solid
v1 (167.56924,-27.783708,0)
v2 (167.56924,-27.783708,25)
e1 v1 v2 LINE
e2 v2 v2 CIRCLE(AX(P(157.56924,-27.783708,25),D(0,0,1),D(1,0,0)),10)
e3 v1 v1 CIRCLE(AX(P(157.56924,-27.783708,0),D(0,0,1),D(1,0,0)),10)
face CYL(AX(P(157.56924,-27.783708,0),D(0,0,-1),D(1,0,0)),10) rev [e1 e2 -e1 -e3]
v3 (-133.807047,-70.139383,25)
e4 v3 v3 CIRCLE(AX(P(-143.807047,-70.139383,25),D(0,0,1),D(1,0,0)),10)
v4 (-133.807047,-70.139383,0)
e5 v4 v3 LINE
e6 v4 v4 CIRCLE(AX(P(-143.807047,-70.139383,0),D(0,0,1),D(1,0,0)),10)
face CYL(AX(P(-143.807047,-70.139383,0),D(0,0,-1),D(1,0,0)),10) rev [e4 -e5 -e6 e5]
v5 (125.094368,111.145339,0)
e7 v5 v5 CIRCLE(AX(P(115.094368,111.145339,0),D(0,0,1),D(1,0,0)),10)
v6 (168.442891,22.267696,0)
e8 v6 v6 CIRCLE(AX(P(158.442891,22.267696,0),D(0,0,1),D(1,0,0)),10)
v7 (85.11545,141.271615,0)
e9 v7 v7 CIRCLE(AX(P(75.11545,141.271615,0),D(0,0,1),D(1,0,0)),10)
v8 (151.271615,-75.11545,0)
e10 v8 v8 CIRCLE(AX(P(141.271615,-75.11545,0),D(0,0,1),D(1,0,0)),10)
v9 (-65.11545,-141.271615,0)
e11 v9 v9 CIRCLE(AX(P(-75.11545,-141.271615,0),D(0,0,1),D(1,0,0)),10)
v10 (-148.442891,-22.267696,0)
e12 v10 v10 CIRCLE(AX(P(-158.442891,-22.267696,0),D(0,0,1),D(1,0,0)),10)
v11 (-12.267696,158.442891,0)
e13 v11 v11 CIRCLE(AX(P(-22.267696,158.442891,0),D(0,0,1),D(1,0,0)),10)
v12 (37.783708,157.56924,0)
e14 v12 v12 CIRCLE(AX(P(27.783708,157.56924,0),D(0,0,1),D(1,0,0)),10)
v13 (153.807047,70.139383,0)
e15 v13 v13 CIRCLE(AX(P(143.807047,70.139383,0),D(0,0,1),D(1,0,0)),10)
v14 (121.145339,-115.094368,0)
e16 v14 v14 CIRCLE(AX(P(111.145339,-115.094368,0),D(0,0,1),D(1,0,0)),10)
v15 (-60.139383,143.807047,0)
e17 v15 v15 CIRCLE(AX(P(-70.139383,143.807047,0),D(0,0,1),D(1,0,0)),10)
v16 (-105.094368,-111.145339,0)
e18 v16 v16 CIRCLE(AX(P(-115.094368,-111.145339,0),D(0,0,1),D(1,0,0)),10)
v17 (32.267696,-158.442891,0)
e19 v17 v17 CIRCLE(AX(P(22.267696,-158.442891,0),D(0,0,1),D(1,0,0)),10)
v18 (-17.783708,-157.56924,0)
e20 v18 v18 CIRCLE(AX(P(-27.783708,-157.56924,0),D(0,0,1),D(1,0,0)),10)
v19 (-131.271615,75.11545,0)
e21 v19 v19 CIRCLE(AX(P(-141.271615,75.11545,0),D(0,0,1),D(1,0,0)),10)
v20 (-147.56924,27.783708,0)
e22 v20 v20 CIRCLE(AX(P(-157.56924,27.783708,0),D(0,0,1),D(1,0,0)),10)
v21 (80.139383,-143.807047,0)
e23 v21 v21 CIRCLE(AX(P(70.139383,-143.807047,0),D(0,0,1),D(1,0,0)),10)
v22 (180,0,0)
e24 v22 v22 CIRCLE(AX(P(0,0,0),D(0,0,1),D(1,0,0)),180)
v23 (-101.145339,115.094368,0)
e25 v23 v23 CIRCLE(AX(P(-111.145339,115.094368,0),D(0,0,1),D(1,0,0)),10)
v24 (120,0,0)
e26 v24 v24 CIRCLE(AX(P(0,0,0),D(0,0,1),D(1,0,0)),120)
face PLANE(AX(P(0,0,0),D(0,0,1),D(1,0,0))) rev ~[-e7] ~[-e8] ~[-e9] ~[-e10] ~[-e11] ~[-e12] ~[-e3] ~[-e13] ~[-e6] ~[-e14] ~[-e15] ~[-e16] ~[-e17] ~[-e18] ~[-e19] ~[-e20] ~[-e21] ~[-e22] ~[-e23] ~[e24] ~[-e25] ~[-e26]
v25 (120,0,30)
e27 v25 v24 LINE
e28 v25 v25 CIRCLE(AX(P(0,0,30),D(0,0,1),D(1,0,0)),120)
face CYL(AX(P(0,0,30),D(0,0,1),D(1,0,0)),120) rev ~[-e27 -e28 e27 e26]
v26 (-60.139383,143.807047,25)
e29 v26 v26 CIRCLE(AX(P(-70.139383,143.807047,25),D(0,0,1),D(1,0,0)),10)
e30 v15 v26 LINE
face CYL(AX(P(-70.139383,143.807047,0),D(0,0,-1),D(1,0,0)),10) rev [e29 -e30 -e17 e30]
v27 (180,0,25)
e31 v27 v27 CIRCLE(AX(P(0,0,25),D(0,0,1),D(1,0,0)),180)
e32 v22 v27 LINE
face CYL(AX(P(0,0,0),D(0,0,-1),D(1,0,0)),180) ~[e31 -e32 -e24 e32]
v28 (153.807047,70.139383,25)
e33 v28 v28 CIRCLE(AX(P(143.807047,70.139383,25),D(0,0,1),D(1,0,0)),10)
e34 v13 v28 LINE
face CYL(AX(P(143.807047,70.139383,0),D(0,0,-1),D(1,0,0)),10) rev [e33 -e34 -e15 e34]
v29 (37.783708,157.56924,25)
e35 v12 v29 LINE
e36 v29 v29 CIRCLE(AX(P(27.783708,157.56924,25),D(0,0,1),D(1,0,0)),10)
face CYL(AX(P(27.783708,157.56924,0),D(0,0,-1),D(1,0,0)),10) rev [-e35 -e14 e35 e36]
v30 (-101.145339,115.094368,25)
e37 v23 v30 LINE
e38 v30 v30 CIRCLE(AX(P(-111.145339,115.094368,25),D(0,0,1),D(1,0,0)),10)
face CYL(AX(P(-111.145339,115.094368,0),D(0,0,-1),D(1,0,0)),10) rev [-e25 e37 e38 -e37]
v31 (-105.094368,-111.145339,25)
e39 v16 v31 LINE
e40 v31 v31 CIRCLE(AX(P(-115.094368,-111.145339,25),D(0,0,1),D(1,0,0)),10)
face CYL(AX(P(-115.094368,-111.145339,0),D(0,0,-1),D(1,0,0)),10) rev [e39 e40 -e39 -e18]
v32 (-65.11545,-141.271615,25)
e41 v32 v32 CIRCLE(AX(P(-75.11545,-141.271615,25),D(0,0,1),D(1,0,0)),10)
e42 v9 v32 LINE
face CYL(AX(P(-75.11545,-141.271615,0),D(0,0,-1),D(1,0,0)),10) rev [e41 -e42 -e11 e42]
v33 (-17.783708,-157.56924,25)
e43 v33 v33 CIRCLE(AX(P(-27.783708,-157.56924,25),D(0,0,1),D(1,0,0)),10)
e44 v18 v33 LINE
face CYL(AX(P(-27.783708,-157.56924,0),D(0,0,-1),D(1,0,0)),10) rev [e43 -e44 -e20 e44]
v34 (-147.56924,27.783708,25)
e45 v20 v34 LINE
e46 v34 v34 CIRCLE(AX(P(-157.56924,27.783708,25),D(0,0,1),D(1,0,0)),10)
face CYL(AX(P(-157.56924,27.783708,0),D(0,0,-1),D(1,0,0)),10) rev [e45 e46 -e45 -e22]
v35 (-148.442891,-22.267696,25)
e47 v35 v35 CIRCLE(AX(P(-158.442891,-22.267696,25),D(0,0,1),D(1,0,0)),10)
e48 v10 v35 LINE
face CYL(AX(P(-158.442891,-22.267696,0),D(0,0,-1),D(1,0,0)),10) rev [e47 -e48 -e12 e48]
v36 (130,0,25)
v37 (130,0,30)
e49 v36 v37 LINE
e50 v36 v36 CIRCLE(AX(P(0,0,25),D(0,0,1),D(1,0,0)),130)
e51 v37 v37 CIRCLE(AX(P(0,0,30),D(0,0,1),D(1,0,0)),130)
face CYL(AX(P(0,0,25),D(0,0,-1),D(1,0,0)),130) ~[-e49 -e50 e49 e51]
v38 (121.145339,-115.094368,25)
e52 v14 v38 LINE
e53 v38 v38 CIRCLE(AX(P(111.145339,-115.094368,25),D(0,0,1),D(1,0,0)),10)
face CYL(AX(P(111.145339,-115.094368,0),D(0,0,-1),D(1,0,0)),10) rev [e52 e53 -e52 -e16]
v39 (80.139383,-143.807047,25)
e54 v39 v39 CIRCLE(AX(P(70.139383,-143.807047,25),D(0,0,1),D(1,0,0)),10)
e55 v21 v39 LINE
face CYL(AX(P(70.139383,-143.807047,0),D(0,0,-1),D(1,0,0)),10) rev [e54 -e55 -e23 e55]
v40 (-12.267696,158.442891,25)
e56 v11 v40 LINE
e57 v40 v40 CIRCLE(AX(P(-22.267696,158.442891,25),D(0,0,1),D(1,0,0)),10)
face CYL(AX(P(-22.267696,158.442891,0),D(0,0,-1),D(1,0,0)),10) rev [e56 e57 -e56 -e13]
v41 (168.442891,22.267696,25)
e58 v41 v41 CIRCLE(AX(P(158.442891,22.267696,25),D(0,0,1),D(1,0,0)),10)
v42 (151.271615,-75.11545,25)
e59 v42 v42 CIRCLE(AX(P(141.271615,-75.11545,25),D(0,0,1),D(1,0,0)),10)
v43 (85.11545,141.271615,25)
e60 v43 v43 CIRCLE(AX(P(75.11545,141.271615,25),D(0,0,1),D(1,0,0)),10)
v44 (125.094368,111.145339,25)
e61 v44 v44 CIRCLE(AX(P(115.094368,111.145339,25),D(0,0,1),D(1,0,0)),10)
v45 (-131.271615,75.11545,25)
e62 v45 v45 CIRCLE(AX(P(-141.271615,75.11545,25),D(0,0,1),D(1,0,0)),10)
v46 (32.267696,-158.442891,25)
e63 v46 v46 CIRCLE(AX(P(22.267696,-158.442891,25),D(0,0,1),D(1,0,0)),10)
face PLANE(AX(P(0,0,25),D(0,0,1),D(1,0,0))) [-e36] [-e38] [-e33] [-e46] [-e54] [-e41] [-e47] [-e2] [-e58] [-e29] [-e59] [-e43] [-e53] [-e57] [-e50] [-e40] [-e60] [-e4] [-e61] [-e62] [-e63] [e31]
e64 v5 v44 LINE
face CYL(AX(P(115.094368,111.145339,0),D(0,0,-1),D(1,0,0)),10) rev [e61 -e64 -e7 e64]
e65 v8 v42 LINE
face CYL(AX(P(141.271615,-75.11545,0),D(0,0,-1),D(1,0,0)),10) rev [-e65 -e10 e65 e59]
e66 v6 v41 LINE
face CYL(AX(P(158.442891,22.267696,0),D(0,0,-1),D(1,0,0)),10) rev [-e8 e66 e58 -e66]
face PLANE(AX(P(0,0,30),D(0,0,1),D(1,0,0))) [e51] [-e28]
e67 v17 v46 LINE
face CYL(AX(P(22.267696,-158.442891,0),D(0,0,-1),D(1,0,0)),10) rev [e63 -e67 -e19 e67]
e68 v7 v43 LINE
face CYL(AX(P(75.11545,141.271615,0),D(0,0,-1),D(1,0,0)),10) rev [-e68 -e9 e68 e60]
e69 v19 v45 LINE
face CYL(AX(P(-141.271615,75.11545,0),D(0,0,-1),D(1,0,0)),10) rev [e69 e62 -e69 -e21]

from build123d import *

# Parameters (mm, degrees)
F0_R     = 180
F0_R_2   = 10
F1_DEPTH = 25
F2_R     = 130
F3_DEPTH = 5
F4_R     = 120
F5_DEPTH = 30.001


with BuildPart() as f1:
    # F0 (on Top) → F1 (new body)
    with BuildSketch(Plane.XY):
        Circle(F0_R)
        with Locations((-115.094368, -111.145339)):
            Circle(F0_R_2, mode=Mode.SUBTRACT)
        with Locations((-75.11545, -141.271615)):
            Circle(F0_R_2, mode=Mode.SUBTRACT)
        with Locations((-27.783708, -157.56924)):
            Circle(F0_R_2, mode=Mode.SUBTRACT)
        with Locations((-143.807047, -70.139383)):
            Circle(F0_R_2, mode=Mode.SUBTRACT)
        with Locations((-158.442891, -22.267696)):
            Circle(F0_R_2, mode=Mode.SUBTRACT)
        with Locations((22.267696, -158.442891)):
            Circle(F0_R_2, mode=Mode.SUBTRACT)
        with Locations((70.139383, -143.807047)):
            Circle(F0_R_2, mode=Mode.SUBTRACT)
        with Locations((111.145339, -115.094368)):
            Circle(F0_R_2, mode=Mode.SUBTRACT)
        with Locations((141.271615, -75.11545)):
            Circle(F0_R_2, mode=Mode.SUBTRACT)
        with Locations((157.56924, -27.783708)):
            Circle(F0_R_2, mode=Mode.SUBTRACT)
        with Locations((-157.56924, 27.783708)):
            Circle(F0_R_2, mode=Mode.SUBTRACT)
        with Locations((-141.271615, 75.11545)):
            Circle(F0_R_2, mode=Mode.SUBTRACT)
        with Locations((-111.145339, 115.094368)):
            Circle(F0_R_2, mode=Mode.SUBTRACT)
        with Locations((-70.139383, 143.807047)):
            Circle(F0_R_2, mode=Mode.SUBTRACT)
        with Locations((-22.267696, 158.442891)):
            Circle(F0_R_2, mode=Mode.SUBTRACT)
        with Locations((158.442891, 22.267696)):
            Circle(F0_R_2, mode=Mode.SUBTRACT)
        with Locations((143.807047, 70.139383)):
            Circle(F0_R_2, mode=Mode.SUBTRACT)
        with Locations((27.783708, 157.56924)):
            Circle(F0_R_2, mode=Mode.SUBTRACT)
        with Locations((75.11545, 141.271615)):
            Circle(F0_R_2, mode=Mode.SUBTRACT)
        with Locations((115.094368, 111.145339)):
            Circle(F0_R_2, mode=Mode.SUBTRACT)
    extrude(amount=F1_DEPTH)

    # F2 (on face) → F3 (join)
    with BuildSketch(Plane.XY.offset(25)):
        Circle(F2_R)
    extrude(amount=F3_DEPTH)

    # F4 (on face) → F5 (cut, through all)
    with BuildSketch(Plane.XY.offset(30)):
        Circle(F4_R)
    extrude(amount=-F5_DEPTH, mode=Mode.SUBTRACT)


solid = f1.part
